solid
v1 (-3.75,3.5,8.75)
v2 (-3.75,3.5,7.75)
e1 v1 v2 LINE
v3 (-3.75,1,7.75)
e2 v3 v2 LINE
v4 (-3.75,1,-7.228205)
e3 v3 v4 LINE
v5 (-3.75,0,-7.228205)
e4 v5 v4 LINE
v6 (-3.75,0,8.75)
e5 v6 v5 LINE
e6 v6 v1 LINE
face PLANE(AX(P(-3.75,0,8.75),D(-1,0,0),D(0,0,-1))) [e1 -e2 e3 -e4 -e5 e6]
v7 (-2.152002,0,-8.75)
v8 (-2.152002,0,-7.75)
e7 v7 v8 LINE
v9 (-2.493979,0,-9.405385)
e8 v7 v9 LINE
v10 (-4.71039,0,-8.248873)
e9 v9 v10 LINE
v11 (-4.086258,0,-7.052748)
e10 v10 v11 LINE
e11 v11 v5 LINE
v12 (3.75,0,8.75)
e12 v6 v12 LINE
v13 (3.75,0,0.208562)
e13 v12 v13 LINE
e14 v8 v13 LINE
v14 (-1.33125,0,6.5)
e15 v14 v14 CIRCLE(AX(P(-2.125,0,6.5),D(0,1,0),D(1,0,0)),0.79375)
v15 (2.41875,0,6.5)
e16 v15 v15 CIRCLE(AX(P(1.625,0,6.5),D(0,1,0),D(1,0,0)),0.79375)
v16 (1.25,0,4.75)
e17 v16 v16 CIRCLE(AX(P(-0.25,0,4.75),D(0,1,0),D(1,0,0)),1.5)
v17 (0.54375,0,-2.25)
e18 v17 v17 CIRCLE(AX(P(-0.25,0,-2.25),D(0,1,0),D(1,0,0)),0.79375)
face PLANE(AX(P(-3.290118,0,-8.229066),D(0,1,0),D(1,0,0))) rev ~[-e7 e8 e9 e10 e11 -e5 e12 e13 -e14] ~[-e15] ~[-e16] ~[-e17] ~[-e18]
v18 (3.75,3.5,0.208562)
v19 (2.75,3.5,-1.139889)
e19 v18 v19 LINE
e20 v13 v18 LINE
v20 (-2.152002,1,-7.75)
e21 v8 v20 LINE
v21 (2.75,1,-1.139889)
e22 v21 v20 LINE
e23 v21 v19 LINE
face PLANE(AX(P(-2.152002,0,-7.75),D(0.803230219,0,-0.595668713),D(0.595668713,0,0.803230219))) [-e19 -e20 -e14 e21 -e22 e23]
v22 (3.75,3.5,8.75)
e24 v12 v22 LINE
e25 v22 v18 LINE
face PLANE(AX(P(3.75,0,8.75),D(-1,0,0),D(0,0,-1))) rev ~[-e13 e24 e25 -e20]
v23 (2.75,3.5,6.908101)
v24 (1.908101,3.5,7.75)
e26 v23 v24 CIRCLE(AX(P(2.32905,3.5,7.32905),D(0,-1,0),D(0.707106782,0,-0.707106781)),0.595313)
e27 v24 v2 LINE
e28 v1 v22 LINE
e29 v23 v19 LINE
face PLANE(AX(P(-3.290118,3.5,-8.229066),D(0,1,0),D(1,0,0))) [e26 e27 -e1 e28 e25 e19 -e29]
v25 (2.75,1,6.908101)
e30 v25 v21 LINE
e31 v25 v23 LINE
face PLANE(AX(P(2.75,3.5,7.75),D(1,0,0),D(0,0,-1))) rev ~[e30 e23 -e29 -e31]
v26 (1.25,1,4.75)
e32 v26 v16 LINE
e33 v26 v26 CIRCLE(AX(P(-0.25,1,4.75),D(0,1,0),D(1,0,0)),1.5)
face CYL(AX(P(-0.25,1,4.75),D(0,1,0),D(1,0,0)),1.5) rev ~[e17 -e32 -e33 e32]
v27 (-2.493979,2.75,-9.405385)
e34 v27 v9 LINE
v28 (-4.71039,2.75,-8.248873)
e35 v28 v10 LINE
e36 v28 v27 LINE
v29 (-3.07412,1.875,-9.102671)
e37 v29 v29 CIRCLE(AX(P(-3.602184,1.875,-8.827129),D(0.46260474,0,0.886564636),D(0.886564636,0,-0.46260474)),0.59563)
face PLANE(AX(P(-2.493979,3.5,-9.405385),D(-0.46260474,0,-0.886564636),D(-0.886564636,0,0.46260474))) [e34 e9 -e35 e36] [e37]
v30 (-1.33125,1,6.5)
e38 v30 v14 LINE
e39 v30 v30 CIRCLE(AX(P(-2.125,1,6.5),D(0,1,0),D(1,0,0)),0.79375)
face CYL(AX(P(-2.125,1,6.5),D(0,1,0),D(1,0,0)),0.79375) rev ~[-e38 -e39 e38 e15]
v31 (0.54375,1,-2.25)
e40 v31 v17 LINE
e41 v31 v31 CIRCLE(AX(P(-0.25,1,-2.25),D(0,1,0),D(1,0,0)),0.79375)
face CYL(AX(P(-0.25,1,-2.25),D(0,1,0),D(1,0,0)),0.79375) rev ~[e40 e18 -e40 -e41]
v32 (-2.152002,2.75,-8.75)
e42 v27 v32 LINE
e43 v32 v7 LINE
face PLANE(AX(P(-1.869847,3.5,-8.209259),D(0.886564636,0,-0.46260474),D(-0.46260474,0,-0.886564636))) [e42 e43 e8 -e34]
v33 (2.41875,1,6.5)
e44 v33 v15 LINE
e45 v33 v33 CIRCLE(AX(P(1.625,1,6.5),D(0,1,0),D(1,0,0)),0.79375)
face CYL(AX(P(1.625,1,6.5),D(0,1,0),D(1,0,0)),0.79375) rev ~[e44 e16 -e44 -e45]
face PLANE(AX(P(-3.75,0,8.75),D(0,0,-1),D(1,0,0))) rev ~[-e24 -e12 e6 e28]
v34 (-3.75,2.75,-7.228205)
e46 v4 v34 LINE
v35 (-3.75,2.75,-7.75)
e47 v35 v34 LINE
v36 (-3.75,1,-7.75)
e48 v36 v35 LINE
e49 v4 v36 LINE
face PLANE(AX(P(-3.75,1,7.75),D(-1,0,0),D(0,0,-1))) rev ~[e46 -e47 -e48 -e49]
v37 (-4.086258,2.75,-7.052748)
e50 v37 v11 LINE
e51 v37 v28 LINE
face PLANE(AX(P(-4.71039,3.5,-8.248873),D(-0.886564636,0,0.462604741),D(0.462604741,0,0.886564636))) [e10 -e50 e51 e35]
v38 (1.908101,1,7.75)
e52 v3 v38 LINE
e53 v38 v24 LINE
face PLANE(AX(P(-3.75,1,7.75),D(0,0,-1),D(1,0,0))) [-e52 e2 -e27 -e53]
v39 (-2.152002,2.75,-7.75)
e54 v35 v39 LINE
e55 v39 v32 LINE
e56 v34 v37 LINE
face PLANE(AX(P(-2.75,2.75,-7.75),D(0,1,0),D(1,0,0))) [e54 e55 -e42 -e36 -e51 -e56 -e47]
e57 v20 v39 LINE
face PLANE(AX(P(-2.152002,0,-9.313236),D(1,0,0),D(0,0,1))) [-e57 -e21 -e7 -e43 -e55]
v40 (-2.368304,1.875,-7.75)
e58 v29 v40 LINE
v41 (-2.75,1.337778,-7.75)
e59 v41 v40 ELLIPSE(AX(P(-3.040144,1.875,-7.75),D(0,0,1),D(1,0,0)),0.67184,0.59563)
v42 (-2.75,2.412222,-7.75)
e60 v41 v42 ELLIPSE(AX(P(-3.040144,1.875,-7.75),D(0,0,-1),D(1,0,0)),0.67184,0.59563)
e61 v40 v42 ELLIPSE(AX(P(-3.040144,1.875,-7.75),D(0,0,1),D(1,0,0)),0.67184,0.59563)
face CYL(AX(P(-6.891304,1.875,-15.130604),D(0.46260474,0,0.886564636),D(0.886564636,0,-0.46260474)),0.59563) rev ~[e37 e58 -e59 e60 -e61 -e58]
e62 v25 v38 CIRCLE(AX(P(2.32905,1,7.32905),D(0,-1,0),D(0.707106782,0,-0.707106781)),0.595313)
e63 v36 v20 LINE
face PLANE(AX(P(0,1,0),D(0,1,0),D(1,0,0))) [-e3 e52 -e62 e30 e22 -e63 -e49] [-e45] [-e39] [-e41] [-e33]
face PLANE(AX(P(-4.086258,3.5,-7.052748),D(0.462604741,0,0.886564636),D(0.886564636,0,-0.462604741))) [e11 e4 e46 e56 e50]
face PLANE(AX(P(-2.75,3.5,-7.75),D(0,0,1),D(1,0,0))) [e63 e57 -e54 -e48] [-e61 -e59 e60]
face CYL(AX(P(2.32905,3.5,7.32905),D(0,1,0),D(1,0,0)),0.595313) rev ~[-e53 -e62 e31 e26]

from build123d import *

# Parameters (mm, degrees)
SKETCH1_W                     = 7.5
SKETCH1_H                     = 17.5
BOSS_EXTRUDE1_DEPTH           = 3.5
SKETCH2_W                     = 5.5
SKETCH2_H                     = 15.5
CUT_EXTRUDE1_DEPTH            = 2.5
SKETCH3_R                     = 1.5
GRIN_HOLE_DEPTH               = 2
SKETCH6_R                     = 0.5953125
CORNER_DIVOT_DEPTH            = 2.5
SKETCH7_R                     = 0.79375
MAGNET_HOLES_DEPTH            = 2
BOSS_EXTRUDE2_DEPTH           = 3.5
SKETCH14_W                    = 5.965258944
SKETCH14_H                    = 5.132960456
SET_SCREW_EXTENSION_DEPTH     = 0.75
TAP_DRILL_FOR_0_80_TAP1_D     = 1.19126
TAP_DRILL_FOR_0_80_TAP1_DEPTH = 7.11
TAP_DRILL_FOR_0_80_TAP1_TIP   = 0.357890611
DIAGONAL_CUT_DEPTH            = 5
SKETCH16_W                    = 1
SKETCH16_H                    = 15.5
VERTICAL_CUT_DEPTH            = 3


with BuildPart() as part:
    # Sketch1 → Boss-Extrude1 (new body)
    with BuildSketch(Plane(origin=(0, 0, 0), x_dir=(1, 0, 0), z_dir=(0, 1, 0))):
        Rectangle(SKETCH1_W, SKETCH1_H)
    extrude(amount=BOSS_EXTRUDE1_DEPTH)

    # Sketch2 → Cut-Extrude1 (cut)
    with BuildSketch(Plane(origin=(0, 3.5, 0), x_dir=(1, 0, 0), z_dir=(0, 1, 0))):
        Rectangle(SKETCH2_W, SKETCH2_H)
    extrude(amount=-CUT_EXTRUDE1_DEPTH, mode=Mode.SUBTRACT)

    # Sketch3 → GRIN Hole (cut, through all)
    with BuildSketch(Plane(origin=(0, 1, 0), x_dir=(1, 0, 0), z_dir=(0, 1, 0))):
        with Locations((-0.25, -4.75)):
            Circle(SKETCH3_R)
    extrude(amount=-GRIN_HOLE_DEPTH, mode=Mode.SUBTRACT)

    # Sketch6 → Corner divot (cut)
    with BuildSketch(Plane(origin=(0, 3.5, 0), x_dir=(1, 0, 0), z_dir=(0, 1, 0))):
        with Locations((2.329050494, -7.329050494)):
            Circle(SKETCH6_R)
    extrude(amount=-CORNER_DIVOT_DEPTH, mode=Mode.SUBTRACT)

    # Sketch7 → Magnet Holes (cut, through all)
    with BuildSketch(Plane(origin=(0, 1, 0), x_dir=(1, 0, 0), z_dir=(0, 1, 0))):
        with Locations((-0.25, 2.25)):
            Circle(SKETCH7_R)
        with Locations((-2.125, -6.5)):
            Circle(SKETCH7_R)
        with Locations((1.625, -6.5)):
            Circle(SKETCH7_R)
    extrude(amount=-MAGNET_HOLES_DEPTH, mode=Mode.SUBTRACT)

    # Sketch9 → Boss-Extrude2 (add)
    with BuildSketch(Plane(origin=(0, 3.5, 0), x_dir=(1, 0, 0), z_dir=(0, 1, 0))):
        Polygon((-2.493978672, 9.405385289), (-4.710390263, 8.248873438), (-4.086258113, 7.05274758), (-3.457701518, 7.380725089), (-2.498403119, 7.881281923), (-1.869846523, 8.209259431), align=None)
    extrude(amount=-BOSS_EXTRUDE2_DEPTH)

    # Sketch14 → Set Screw Extension (cut)
    with BuildSketch(Plane(origin=(0, 3.5, 0), x_dir=(1, 0, 0), z_dir=(0, 1, 0))):
        with Locations((-2.75, 7.75)):
            Rectangle(SKETCH14_W, SKETCH14_H)
    extrude(amount=-SET_SCREW_EXTENSION_DEPTH, mode=Mode.SUBTRACT)

    # Tap Drill for #0-80 Tap1
    with Locations(Plane(origin=(-4.391140577, 0, -8.415456236), x_dir=(-0.886564636, 0, 0.46260474), z_dir=(-0.46260474, 0, -0.886564636))):
        with Locations((-0.889902526, 1.875)):
            Hole(TAP_DRILL_FOR_0_80_TAP1_D / 2, depth=TAP_DRILL_FOR_0_80_TAP1_DEPTH)
            with Locations((0, 0, -(TAP_DRILL_FOR_0_80_TAP1_DEPTH + TAP_DRILL_FOR_0_80_TAP1_TIP / 2))):  # 118° drill point
                Cone(0, TAP_DRILL_FOR_0_80_TAP1_D / 2, TAP_DRILL_FOR_0_80_TAP1_TIP, mode=Mode.SUBTRACT)

    # Sketch15 → Diagonal Cut (cut)
    with BuildSketch(Plane(origin=(0, 0, 0), x_dir=(1, 0, 0), z_dir=(0, 1, 0))):
        Polygon((-2.152002093, 9.313235547), (-2.152002093, 7.75), (3.75, -0.208562074), (3.75, 9.313235547), align=None)
    extrude(amount=DIAGONAL_CUT_DEPTH, mode=Mode.SUBTRACT)

    # Sketch16 → Vertical Cut (cut)
    with BuildSketch(Plane(origin=(0, 1, 0), x_dir=(1, 0, 0), z_dir=(0, 1, 0))):
        with Locations((-3.25, 0)):
            Rectangle(SKETCH16_W, SKETCH16_H)
    extrude(amount=VERTICAL_CUT_DEPTH, mode=Mode.SUBTRACT)


solid = part.part
